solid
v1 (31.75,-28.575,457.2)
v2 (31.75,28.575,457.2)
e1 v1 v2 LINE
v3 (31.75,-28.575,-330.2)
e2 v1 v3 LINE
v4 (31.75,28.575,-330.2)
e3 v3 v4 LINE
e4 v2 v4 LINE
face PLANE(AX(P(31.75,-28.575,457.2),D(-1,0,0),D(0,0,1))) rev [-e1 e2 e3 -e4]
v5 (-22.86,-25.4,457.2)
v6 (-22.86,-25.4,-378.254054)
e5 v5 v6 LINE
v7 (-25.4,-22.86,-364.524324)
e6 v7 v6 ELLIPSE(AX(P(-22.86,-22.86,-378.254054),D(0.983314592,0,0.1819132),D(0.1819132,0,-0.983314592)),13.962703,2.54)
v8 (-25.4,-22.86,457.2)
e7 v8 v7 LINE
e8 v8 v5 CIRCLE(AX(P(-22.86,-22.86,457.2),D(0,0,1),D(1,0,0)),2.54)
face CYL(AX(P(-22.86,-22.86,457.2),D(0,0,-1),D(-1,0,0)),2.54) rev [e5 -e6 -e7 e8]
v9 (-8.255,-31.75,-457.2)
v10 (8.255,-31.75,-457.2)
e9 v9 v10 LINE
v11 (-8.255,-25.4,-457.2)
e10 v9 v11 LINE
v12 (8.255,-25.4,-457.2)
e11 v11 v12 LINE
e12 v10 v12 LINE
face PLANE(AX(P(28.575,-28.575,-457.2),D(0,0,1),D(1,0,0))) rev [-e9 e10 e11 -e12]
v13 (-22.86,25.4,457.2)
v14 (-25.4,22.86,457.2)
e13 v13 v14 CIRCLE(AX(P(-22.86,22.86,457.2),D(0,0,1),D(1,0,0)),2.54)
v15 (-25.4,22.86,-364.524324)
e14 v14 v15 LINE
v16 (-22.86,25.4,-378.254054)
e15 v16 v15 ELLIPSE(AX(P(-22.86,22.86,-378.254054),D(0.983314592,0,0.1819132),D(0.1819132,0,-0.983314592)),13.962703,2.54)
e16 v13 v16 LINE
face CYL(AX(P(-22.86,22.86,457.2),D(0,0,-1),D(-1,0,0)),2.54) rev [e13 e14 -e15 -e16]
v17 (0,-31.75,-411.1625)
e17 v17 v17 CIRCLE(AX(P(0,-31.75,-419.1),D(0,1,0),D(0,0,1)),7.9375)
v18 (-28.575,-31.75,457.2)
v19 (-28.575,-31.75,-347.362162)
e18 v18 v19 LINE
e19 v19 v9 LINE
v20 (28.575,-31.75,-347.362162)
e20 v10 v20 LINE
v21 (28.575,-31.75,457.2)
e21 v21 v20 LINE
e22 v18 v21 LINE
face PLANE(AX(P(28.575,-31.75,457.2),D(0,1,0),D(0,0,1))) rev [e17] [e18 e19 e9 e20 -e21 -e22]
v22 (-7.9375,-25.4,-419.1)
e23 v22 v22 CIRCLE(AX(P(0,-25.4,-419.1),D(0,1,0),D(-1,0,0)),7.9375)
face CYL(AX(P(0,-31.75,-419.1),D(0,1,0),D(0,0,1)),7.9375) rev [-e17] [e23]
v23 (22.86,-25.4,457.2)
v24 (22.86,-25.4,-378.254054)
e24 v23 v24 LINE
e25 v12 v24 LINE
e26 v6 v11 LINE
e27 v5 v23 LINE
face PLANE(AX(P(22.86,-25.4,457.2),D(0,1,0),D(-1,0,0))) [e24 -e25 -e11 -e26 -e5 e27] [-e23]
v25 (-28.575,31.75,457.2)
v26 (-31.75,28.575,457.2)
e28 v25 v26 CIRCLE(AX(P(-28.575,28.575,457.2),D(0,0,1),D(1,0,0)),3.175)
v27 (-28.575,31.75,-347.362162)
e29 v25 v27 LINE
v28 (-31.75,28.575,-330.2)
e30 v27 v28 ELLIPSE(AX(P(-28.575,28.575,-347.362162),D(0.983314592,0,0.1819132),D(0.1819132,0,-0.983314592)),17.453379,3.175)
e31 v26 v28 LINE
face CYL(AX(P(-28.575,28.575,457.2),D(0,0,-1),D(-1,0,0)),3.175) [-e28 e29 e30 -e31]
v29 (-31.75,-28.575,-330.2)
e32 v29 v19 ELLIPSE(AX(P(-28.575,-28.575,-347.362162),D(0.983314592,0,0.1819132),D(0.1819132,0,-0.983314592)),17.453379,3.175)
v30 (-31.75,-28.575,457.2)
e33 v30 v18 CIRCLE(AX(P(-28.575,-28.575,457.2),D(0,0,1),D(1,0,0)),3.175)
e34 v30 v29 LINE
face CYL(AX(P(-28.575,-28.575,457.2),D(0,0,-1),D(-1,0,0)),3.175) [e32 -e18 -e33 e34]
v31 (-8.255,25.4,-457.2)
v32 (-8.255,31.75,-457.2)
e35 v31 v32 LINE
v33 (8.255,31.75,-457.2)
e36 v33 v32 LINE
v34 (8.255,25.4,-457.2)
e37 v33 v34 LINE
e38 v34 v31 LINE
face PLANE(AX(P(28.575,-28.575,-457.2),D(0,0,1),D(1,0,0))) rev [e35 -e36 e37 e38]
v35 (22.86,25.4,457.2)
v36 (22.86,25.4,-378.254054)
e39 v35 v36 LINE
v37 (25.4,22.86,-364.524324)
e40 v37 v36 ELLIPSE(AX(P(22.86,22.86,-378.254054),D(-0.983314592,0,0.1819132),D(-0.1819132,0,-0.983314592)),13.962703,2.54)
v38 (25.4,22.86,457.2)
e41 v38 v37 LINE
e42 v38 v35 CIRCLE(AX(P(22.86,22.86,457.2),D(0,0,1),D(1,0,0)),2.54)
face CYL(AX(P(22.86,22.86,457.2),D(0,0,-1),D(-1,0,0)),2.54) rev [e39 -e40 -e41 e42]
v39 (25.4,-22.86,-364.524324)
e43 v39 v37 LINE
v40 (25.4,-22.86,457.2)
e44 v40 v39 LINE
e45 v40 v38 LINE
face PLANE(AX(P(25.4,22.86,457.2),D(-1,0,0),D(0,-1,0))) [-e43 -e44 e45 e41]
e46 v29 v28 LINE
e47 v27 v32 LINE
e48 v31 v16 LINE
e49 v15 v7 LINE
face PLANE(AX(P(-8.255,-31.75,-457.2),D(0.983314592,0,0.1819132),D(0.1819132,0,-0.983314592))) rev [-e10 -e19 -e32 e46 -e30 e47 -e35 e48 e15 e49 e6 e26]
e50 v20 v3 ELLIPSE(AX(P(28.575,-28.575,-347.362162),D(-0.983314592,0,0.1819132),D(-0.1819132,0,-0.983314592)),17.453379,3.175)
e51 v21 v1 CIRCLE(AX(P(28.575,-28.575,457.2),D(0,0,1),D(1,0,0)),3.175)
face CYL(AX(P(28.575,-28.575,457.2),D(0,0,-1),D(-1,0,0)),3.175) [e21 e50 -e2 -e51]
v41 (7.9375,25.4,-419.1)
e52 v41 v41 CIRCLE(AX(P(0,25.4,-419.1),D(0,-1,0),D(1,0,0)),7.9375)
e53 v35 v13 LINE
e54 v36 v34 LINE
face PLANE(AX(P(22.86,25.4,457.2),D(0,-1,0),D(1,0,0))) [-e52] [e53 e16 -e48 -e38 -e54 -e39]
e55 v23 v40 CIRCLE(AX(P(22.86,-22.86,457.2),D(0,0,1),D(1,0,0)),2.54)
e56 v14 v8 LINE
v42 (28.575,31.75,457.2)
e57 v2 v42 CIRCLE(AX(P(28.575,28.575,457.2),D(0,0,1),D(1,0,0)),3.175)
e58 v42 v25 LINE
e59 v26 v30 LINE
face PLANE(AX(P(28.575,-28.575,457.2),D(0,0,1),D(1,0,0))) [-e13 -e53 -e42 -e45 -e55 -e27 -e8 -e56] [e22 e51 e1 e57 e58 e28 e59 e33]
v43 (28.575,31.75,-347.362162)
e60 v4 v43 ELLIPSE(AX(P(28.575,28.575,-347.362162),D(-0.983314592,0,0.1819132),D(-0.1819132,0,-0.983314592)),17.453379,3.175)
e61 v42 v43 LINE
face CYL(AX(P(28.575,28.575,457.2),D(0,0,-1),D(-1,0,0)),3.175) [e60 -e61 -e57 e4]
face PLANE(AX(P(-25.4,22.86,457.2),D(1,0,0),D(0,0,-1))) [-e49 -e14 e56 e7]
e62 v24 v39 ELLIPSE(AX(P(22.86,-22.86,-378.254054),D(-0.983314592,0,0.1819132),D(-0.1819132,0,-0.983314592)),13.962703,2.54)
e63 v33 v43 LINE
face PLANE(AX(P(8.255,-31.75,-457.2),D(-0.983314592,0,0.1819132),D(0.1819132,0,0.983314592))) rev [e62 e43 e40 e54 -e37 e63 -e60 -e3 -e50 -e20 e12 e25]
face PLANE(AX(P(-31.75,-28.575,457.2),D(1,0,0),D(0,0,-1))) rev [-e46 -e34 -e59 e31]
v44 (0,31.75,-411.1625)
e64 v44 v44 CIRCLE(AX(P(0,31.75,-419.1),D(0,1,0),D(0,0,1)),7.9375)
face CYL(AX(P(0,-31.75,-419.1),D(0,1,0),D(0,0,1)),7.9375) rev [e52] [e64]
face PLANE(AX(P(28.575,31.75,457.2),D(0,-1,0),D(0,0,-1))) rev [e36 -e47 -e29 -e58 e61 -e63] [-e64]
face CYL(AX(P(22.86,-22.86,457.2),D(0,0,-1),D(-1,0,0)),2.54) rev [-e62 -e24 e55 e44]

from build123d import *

# Parameters (mm, degrees)
BOSS_EXTRUDE1_DEPTH      = 457.2
BOSS_EXTRUDE1_DEPTH_BACK = 457.2
SKETCH6_R                = 7.9375
CUT_EXTRUDE1_DEPTH       = 463.679319291


with BuildPart() as part:
    # Sketch4 → Boss-Extrude1 (new, two sides: drawn at the far end of the back side and taken through both)
    with BuildSketch(Plane.XY.offset(-BOSS_EXTRUDE1_DEPTH_BACK)):
        with BuildLine():
            Line((31.75, -28.575), (31.75, 28.575))
            ThreePointArc((31.75, 28.575), (30.82006403, 30.82006403), (28.575, 31.75))
            Line((28.575, 31.75), (-28.575, 31.75))
            ThreePointArc((-28.575, 31.75), (-30.82006403, 30.82006403), (-31.75, 28.575))
            Line((-31.75, 28.575), (-31.75, -28.575))
            ThreePointArc((-31.75, -28.575), (-30.82006403, -30.82006403), (-28.575, -31.75))
            Line((-28.575, -31.75), (28.575, -31.75))
            ThreePointArc((28.575, -31.75), (30.82006403, -30.82006403), (31.75, -28.575))
        make_face()
        with BuildLine():
            Line((25.4, 22.86), (25.4, -22.86))
            ThreePointArc((25.4, -22.86), (24.656051224, -24.656051224), (22.86, -25.4))
            Line((22.86, -25.4), (-22.86, -25.4))
            ThreePointArc((-22.86, -25.4), (-24.656051224, -24.656051224), (-25.4, -22.86))
            Line((-25.4, -22.86), (-25.4, 22.86))
            ThreePointArc((-25.4, 22.86), (-24.656051224, 24.656051224), (-22.86, 25.4))
            Line((-22.86, 25.4), (22.86, 25.4))
            ThreePointArc((22.86, 25.4), (24.656051224, 24.656051224), (25.4, 22.86))
        make_face(mode=Mode.SUBTRACT)
    extrude(amount=BOSS_EXTRUDE1_DEPTH + BOSS_EXTRUDE1_DEPTH_BACK)

    # Sketch6 → Cut-Extrude1 (cut, through all)
    with BuildSketch(Plane(origin=(0, 31.75, 0), x_dir=(1, 0, 0), z_dir=(0, 1, 0))):
        with Locations(Location((0, 419.1, 0), (0, 0, 270))):
            Circle(SKETCH6_R)
        Polygon((8.255, 457.2), (31.75, 330.2), (31.75, 457.2), align=None)
        Polygon((-8.255, 457.2), (-31.75, 330.2), (-31.75, 457.2), align=None)
    extrude(amount=-CUT_EXTRUDE1_DEPTH, mode=Mode.SUBTRACT)


solid = part.part
